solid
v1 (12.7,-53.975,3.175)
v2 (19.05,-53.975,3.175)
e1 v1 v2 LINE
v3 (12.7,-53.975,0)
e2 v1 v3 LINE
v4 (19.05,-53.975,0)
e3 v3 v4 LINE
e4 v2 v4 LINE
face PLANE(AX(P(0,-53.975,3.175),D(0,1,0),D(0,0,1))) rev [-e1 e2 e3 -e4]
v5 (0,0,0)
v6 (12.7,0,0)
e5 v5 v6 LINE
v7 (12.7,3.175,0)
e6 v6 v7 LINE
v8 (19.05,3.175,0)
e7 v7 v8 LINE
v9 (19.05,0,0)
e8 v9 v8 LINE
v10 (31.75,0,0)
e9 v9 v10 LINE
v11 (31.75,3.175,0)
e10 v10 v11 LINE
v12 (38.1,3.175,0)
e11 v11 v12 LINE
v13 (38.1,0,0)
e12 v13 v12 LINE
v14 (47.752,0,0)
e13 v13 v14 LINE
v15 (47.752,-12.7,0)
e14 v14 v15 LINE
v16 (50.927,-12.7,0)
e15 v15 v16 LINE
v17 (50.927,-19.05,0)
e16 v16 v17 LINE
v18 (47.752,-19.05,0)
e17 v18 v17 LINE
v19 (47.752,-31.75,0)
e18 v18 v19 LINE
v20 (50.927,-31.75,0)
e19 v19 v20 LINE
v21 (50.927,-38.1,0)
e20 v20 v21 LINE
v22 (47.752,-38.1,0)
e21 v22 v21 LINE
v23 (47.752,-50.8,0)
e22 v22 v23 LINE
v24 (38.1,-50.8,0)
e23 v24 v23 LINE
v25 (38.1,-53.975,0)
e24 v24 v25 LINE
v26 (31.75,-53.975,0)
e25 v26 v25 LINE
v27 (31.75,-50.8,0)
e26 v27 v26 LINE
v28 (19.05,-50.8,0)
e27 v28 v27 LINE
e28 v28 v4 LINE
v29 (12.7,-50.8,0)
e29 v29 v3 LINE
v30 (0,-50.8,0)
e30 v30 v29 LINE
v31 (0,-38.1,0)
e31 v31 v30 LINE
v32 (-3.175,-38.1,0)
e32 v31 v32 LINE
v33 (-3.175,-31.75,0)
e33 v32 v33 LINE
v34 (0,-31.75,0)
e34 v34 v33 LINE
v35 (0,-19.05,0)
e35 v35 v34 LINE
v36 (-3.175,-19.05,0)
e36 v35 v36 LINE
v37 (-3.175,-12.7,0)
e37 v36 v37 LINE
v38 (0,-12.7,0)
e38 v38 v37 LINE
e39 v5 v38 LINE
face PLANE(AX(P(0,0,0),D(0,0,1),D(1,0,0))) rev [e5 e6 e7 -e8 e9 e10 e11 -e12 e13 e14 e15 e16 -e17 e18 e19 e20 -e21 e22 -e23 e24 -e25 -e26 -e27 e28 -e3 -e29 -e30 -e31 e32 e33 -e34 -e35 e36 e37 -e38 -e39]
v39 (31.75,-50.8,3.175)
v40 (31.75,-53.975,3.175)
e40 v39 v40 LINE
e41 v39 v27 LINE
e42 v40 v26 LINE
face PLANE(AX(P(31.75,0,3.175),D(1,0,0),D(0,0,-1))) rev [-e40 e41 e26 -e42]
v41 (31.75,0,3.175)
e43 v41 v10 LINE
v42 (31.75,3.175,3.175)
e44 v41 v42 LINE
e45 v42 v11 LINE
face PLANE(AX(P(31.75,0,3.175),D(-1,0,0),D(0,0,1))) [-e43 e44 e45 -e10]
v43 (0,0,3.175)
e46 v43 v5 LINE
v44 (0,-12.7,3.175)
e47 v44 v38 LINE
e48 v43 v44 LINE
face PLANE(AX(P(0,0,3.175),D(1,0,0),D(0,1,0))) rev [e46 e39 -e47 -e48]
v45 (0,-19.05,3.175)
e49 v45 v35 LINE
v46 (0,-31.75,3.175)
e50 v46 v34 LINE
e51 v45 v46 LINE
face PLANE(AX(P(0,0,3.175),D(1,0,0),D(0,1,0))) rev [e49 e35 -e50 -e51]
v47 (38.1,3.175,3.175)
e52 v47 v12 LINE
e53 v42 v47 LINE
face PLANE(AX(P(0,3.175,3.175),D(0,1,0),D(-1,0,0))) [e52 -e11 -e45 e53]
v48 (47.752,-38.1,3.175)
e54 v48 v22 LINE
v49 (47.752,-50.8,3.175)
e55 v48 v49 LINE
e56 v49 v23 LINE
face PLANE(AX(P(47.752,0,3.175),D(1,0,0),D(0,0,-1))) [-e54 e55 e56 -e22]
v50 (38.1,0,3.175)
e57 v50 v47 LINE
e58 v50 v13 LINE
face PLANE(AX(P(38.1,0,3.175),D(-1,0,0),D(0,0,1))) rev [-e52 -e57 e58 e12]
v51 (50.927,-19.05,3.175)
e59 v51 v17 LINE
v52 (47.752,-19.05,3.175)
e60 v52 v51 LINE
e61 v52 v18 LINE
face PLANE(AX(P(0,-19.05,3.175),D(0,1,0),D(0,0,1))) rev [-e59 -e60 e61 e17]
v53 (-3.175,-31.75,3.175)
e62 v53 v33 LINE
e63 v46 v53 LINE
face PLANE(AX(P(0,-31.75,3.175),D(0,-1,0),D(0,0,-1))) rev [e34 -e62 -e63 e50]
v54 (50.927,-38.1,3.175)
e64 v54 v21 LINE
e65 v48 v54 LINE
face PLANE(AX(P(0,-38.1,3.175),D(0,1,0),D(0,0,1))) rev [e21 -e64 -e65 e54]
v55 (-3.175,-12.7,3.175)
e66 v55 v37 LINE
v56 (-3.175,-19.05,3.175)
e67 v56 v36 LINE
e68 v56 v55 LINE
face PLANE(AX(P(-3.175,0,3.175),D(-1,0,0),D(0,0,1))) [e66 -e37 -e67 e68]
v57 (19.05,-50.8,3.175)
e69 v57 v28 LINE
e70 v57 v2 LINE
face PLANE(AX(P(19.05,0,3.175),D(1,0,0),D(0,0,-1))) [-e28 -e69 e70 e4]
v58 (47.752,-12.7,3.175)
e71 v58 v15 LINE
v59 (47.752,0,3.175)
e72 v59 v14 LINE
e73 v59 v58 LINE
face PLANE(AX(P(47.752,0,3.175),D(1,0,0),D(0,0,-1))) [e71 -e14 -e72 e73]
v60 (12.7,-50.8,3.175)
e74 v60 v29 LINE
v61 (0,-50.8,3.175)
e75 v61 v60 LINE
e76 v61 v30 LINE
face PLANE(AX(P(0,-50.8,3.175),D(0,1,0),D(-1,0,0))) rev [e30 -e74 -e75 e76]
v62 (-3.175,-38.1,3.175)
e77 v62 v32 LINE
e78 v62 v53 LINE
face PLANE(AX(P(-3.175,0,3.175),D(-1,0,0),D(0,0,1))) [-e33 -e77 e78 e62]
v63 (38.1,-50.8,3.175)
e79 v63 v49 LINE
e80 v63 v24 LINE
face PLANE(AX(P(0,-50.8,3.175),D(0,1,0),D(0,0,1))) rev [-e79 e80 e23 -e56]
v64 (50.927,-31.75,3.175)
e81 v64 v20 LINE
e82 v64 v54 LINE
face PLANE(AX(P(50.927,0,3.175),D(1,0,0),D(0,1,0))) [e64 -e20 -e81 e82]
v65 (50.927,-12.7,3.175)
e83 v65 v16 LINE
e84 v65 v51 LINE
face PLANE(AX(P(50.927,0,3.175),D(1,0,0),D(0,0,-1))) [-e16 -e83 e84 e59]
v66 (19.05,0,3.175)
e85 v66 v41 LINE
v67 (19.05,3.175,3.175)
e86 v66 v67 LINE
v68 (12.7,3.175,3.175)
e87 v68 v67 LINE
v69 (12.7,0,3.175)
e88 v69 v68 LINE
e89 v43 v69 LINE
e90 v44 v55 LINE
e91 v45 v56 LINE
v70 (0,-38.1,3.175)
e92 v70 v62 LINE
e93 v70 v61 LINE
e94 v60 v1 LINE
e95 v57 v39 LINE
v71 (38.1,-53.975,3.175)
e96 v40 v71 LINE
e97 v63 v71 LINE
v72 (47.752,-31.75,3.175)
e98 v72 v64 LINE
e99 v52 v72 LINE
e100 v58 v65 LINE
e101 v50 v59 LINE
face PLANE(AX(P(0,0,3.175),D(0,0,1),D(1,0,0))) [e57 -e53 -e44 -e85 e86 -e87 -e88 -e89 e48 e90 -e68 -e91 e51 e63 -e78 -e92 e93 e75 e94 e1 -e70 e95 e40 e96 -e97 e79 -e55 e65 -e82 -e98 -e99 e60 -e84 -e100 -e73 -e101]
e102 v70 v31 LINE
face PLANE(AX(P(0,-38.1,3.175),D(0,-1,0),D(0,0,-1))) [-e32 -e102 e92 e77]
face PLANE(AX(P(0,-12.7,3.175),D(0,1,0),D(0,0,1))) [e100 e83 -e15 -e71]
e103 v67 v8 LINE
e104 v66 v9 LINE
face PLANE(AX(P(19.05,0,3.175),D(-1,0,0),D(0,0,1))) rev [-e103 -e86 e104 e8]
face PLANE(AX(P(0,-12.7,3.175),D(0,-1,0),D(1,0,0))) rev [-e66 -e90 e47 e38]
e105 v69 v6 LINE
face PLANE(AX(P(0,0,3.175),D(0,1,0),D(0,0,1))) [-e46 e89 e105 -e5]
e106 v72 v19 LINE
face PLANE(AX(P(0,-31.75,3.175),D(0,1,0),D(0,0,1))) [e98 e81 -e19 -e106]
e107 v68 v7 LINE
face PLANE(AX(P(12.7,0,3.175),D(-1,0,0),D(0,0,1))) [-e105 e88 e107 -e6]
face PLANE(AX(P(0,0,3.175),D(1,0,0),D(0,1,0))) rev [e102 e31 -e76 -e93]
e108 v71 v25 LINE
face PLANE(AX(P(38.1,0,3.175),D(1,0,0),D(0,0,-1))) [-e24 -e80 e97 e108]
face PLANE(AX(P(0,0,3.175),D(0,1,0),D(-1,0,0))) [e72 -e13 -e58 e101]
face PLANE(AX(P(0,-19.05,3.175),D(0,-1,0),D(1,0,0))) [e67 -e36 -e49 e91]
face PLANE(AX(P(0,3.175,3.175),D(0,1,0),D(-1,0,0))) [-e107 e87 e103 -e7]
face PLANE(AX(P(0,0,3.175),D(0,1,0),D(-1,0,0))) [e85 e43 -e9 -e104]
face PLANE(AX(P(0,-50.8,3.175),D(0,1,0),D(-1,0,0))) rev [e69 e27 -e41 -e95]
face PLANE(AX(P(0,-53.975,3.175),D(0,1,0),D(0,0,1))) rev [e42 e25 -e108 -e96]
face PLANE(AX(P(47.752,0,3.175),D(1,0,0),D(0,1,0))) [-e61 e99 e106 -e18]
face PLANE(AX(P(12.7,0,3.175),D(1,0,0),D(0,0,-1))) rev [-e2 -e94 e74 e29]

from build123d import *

# Parameters (mm, degrees)
BOSS_EXTRUDE1_DEPTH = 3.175


with BuildPart() as part:
    # Sketch1 → Boss-Extrude1 (new body)
    with BuildSketch(Plane.XY):
        Polygon((19.05, 0), (31.75, 0), (31.75, 3.175), (38.1, 3.175), (38.1, 0), (47.752, 0), (47.752, -12.7), (50.927, -12.7), (50.927, -19.05), (47.752, -19.05), (47.752, -31.75), (50.927, -31.75), (50.927, -38.1), (47.752, -38.1), (47.752, -50.8), (38.1, -50.8), (38.1, -53.975), (31.75, -53.975), (31.75, -50.8), (19.05, -50.8), (19.05, -53.975), (12.7, -53.975), (12.7, -50.8), (0, -50.8), (0, -38.1), (-3.175, -38.1), (-3.175, -31.75), (0, -31.75), (0, -19.05), (-3.175, -19.05), (-3.175, -12.7), (0, -12.7), (0, 0), (12.7, 0), (12.7, 3.175), (19.05, 3.175), align=None)
    extrude(amount=BOSS_EXTRUDE1_DEPTH)


solid = part.part
